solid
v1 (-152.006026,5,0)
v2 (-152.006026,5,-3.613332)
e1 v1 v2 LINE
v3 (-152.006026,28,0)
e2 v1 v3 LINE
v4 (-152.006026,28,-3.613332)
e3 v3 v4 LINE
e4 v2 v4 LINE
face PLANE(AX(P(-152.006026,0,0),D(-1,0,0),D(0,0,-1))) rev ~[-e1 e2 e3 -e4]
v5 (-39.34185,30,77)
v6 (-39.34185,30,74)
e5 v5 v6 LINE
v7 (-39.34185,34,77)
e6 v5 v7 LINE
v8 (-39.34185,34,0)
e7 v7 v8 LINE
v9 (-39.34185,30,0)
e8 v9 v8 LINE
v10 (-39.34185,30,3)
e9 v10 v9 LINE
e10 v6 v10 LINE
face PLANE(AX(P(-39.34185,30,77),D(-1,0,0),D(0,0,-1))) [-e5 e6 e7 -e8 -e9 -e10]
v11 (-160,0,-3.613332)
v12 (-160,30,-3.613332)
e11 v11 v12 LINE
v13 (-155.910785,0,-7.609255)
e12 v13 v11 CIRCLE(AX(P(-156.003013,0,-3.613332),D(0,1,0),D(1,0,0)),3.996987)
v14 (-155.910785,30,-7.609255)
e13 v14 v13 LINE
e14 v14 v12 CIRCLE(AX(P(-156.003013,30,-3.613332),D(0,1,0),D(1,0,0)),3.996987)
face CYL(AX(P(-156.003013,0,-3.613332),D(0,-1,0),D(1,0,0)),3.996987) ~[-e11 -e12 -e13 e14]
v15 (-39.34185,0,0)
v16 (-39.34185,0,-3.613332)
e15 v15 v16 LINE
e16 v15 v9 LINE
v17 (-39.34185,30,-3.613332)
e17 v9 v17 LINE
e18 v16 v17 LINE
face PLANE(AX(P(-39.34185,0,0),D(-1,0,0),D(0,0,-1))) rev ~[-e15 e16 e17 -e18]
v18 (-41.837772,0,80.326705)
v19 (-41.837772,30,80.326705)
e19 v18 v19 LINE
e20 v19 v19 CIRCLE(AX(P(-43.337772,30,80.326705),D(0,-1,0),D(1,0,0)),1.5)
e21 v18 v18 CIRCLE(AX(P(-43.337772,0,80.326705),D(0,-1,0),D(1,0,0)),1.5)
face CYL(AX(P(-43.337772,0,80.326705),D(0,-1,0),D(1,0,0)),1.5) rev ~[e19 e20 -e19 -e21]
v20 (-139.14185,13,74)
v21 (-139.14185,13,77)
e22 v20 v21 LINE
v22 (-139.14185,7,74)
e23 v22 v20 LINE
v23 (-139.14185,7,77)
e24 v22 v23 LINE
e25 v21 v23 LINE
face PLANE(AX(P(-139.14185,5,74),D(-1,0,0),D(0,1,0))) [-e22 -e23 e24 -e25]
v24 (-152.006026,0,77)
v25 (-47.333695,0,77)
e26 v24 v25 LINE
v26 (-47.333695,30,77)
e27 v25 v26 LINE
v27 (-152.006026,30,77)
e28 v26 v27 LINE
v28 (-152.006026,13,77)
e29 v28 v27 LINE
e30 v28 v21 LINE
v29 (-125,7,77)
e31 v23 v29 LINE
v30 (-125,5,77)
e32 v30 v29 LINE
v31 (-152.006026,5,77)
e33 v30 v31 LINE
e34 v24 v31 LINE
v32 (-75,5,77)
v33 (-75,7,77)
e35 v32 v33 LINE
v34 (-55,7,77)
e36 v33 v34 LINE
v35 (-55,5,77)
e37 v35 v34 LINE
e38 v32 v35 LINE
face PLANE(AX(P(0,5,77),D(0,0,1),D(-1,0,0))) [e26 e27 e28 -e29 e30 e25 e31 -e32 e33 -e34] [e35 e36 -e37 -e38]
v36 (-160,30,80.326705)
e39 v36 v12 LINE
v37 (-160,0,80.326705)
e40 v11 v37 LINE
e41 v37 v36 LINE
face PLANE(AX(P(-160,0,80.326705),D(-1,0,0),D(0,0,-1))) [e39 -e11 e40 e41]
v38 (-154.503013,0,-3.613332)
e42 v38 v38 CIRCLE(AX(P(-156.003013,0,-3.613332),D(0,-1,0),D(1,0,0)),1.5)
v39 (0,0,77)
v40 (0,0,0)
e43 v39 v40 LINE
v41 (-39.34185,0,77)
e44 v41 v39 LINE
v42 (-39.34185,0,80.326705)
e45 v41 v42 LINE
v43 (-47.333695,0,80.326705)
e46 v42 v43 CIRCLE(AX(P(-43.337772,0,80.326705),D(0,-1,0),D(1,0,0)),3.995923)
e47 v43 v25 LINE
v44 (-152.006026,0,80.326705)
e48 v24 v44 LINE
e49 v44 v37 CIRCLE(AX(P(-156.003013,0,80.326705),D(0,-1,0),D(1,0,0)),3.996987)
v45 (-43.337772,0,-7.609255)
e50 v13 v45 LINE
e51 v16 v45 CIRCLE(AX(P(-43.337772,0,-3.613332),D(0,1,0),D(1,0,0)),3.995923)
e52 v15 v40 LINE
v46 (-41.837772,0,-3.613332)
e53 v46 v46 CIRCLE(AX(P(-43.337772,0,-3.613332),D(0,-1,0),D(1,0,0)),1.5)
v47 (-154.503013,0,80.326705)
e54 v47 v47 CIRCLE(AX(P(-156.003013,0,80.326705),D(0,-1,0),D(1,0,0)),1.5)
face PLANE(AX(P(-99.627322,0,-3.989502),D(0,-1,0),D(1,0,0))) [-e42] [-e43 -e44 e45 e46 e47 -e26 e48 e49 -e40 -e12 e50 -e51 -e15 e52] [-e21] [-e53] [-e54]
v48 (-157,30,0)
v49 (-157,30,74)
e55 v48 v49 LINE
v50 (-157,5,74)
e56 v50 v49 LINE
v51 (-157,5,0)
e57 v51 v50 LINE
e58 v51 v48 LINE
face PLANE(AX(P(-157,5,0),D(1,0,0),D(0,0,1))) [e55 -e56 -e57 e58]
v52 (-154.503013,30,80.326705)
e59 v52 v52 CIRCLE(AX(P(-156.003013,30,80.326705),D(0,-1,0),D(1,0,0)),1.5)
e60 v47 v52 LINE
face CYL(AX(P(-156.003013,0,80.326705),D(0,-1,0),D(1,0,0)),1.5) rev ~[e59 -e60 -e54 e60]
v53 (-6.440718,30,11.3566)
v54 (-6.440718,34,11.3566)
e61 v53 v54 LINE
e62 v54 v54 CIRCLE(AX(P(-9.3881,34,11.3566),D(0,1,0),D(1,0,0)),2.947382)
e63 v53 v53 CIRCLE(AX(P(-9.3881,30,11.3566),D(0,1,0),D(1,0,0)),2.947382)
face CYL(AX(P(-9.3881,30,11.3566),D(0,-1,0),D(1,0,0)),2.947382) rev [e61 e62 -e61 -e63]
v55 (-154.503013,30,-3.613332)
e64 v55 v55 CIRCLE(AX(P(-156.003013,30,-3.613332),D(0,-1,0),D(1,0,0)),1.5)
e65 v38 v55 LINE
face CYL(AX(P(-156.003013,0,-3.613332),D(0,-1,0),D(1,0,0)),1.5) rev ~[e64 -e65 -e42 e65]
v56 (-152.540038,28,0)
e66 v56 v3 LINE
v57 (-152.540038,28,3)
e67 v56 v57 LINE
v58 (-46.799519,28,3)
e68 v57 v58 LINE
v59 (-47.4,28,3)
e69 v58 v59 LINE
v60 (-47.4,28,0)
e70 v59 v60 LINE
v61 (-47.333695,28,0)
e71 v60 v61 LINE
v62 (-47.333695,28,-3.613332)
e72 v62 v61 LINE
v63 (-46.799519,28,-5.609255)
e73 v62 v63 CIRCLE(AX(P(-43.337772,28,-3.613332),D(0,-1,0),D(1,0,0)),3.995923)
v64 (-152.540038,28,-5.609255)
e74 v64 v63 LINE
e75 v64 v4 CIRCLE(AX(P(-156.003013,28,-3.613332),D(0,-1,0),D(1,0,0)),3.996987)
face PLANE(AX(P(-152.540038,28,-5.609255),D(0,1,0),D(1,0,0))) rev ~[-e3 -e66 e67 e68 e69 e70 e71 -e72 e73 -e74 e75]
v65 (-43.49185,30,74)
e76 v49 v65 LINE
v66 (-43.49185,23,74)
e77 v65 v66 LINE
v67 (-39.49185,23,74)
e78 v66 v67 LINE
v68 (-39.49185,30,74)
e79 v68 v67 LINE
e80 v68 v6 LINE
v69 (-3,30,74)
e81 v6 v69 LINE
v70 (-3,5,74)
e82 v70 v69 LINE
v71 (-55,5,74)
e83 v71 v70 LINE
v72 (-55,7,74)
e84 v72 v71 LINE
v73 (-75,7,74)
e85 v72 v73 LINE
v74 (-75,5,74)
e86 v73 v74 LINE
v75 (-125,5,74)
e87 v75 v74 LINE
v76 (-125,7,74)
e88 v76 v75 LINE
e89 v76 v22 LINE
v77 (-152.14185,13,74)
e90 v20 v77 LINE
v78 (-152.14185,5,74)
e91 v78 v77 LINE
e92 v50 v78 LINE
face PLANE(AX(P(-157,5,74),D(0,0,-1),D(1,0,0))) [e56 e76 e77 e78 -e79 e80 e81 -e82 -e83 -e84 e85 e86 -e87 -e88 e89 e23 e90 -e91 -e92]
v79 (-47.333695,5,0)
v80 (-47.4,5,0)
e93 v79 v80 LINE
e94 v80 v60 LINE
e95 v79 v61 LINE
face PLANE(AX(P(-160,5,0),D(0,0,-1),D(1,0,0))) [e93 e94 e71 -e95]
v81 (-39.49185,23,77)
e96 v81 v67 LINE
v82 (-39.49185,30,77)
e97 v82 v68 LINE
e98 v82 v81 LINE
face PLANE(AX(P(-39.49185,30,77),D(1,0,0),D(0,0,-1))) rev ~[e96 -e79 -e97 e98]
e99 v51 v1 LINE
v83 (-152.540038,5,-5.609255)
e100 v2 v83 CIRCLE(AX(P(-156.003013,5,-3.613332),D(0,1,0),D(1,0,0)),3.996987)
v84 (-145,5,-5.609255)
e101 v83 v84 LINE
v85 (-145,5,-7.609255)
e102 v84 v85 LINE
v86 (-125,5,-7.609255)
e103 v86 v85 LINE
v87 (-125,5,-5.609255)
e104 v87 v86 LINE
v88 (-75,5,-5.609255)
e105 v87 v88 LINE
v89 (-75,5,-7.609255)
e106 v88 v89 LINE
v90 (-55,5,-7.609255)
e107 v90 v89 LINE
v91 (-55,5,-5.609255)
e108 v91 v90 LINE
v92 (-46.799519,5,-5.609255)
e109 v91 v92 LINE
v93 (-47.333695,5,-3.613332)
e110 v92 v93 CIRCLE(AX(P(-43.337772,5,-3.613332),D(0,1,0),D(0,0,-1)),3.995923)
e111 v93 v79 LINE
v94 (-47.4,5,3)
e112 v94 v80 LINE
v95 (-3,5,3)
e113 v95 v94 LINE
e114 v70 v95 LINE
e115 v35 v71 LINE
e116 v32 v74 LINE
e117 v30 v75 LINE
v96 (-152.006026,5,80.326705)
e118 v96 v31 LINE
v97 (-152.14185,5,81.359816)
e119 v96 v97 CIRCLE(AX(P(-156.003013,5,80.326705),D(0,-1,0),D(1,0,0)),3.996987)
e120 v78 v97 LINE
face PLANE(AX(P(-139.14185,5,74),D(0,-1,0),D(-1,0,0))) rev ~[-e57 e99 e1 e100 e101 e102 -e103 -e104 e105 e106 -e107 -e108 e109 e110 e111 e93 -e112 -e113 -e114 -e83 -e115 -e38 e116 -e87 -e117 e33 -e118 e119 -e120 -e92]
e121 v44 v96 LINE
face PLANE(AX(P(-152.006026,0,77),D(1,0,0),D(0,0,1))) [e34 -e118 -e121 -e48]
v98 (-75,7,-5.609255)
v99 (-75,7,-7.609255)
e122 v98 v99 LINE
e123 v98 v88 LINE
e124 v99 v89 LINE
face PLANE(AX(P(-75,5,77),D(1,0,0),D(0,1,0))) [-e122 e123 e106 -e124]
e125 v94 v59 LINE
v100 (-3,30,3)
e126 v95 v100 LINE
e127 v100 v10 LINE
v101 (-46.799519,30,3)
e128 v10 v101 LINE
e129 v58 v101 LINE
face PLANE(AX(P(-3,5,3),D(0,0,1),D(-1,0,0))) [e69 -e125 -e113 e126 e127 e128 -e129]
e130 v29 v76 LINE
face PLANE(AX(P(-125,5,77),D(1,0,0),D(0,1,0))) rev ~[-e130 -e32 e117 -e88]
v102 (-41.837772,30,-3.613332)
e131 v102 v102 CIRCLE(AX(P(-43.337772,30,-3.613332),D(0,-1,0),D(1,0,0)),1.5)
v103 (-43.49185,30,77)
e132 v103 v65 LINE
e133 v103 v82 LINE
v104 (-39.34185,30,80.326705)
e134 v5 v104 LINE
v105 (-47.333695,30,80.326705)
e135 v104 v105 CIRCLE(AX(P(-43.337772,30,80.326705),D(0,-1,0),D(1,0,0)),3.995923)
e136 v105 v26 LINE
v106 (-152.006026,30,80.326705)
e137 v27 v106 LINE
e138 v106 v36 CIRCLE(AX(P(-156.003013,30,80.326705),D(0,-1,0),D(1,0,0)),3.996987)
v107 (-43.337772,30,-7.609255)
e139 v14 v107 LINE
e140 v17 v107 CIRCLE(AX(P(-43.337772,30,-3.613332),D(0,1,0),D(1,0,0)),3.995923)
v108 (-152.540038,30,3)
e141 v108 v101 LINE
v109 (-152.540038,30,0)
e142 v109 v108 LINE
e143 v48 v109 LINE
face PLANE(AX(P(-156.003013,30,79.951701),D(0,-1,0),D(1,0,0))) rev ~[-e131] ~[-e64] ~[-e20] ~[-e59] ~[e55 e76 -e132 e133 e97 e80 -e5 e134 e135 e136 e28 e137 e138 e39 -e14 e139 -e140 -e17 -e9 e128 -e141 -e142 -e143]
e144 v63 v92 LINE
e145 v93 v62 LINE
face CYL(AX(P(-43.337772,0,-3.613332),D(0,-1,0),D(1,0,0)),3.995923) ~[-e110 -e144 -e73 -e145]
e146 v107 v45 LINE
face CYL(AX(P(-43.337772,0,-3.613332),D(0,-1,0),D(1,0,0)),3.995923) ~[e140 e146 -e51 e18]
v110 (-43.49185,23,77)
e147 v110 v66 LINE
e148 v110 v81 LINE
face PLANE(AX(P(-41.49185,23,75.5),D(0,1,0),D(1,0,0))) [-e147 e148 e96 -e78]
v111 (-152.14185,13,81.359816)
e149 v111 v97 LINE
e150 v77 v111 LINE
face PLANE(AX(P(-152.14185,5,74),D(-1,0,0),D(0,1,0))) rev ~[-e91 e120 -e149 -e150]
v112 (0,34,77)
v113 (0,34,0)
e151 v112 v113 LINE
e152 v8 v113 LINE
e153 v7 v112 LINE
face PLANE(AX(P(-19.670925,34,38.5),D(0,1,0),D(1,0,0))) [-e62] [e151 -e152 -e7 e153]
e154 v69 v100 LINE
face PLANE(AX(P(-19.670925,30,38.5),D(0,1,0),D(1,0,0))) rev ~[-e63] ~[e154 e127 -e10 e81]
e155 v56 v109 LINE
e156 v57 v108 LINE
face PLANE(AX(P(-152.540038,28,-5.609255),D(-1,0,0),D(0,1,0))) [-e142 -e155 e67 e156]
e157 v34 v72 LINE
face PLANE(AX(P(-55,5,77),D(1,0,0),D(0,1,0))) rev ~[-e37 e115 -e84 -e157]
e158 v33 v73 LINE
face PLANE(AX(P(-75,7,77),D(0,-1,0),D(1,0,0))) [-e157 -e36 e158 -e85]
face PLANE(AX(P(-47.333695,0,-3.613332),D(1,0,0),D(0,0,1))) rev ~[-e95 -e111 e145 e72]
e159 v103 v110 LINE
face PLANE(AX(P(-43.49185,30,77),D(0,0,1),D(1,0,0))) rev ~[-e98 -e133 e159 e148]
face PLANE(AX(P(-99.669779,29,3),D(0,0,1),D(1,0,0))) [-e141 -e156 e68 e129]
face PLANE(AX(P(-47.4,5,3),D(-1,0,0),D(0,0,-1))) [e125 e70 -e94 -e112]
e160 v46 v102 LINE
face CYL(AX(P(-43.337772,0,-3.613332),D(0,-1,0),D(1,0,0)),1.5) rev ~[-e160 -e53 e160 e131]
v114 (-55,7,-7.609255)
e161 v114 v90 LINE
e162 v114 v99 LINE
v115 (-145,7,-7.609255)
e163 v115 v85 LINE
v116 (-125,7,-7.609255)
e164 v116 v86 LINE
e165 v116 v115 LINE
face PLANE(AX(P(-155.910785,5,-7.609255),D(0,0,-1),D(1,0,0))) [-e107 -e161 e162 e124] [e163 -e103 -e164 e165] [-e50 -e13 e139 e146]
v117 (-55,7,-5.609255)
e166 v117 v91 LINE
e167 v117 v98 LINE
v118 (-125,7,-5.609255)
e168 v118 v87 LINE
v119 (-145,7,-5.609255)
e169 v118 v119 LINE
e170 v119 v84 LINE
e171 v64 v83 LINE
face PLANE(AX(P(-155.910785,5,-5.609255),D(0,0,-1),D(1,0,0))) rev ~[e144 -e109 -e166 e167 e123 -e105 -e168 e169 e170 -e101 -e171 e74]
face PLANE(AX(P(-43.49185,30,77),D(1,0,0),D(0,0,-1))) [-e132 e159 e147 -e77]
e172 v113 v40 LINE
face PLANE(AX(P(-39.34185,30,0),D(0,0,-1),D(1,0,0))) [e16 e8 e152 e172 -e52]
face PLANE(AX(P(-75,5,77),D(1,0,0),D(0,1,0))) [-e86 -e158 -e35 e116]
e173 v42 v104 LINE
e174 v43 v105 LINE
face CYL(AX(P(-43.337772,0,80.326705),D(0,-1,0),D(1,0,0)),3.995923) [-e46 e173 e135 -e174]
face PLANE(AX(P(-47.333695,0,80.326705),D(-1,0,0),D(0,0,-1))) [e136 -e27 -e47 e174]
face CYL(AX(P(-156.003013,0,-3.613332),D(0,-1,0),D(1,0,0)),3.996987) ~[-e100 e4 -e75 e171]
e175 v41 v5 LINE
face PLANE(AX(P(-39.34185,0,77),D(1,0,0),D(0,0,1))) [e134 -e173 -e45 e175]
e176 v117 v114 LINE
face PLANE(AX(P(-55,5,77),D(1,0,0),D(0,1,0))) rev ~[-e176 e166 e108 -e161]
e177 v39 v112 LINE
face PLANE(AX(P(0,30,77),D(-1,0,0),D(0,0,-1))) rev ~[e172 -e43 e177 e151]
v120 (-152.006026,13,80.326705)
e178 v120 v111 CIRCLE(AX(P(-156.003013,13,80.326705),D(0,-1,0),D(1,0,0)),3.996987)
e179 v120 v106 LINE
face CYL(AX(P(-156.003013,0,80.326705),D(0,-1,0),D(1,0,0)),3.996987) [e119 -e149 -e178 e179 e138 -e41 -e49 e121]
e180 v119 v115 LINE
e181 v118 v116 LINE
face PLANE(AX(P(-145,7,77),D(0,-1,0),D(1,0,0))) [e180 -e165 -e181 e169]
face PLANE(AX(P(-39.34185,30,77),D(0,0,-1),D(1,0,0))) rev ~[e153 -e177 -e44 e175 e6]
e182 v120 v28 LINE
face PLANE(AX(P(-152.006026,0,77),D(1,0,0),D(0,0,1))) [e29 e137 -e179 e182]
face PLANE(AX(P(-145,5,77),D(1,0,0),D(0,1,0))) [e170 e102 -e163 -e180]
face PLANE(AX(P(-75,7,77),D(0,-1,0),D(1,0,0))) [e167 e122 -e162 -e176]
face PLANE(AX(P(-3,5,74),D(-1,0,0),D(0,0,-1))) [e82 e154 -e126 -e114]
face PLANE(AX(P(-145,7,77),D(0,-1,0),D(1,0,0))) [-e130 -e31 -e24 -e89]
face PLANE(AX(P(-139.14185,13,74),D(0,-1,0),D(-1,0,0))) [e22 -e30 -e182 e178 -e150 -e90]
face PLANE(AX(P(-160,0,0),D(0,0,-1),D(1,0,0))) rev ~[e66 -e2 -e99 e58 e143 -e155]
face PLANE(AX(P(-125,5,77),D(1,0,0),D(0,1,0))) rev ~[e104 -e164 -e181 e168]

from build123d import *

# Parameters (mm, degrees)
SKETCH1_W           = 160
SKETCH1_H           = 77
BOSS_EXTRUDE1_DEPTH = 5
BOSS_EXTRUDE2_DEPTH = 25
SKETCH3_R           = 1.499999813
SKETCH3_R_2         = 1.5
BOSS_EXTRUDE3_DEPTH = 30
SKETCH5_W           = 39.3418497
SKETCH5_H           = 77
SKETCH5_R           = 2.947381685
BOSS_EXTRUDE5_DEPTH = 4
BOSS_EXTRUDE6_DEPTH = 5
SKETCH9_W           = 112.573012358
SKETCH9_H           = 2
BOSS_EXTRUDE7_DEPTH = 25
CUT_EXTRUDE2_START  = -74
SKETCH7_W           = 13
SKETCH7_H           = 8
CUT_EXTRUDE2_DEPTH  = 119
SKETCH6_W           = 20
SKETCH6_H           = 2
CUT_EXTRUDE1_DEPTH  = 179
SKETCH10_W          = 4
SKETCH10_H          = 3
CUT_EXTRUDE3_DEPTH  = 7
SKETCH11_W          = 105.740519207
SKETCH11_H          = 2
BOSS_EXTRUDE8_DEPTH = 8.609255


with BuildPart() as part:
    # Sketch1 → Boss-Extrude1 (new body)
    with BuildSketch(Plane(origin=(0, 0, 0), x_dir=(1, 0, 0), z_dir=(0, 1, 0))):
        with Locations((-80, -38.5)):
            Rectangle(SKETCH1_W, SKETCH1_H)
    extrude(amount=BOSS_EXTRUDE1_DEPTH)

    # Sketch2 → Boss-Extrude2 (add)
    with BuildSketch(Plane(origin=(0, 5, 0), x_dir=(1, 0, 0), z_dir=(0, 1, 0))):
        Polygon((-160, 0), (-157, 0), (-157, -74), (-3, -74), (-3, -3), (-47.4, -3), (-47.4, 0), (0, 0), (0, -77), (-160, -77), align=None)
    extrude(amount=BOSS_EXTRUDE2_DEPTH)

    # Sketch3 → Boss-Extrude3 (add)
    with BuildSketch(Plane.XZ):
        with BuildLine():
            Line((-160, 77), (-152.006026471, 77))
            Line((-152.006026471, 77), (-152.006026471, 80.326705))
            ThreePointArc((-152.006026471, 80.326705), (-156.003013236, 84.323691764), (-160, 80.326705))
            Line((-160, 80.326705), (-160, 77))
        make_face()
        with Locations((-156.003013236, 80.326705)):
            Circle(SKETCH3_R, mode=Mode.SUBTRACT)
        with BuildLine():
            Line((-47.333694812, 80.326705), (-47.333694812, 77))
            Line((-47.333694812, 77), (-39.3418497, 77))
            Line((-39.3418497, 77), (-39.3418497, 80.326705))
            ThreePointArc((-39.3418497, 80.326705), (-43.337772256, 84.322627556), (-47.333694812, 80.326705))
        make_face()
        with Locations((-43.337772256, 80.326705)):
            Circle(SKETCH3_R_2, mode=Mode.SUBTRACT)
        with BuildLine():
            Line((-160, 0), (-152.006026471, 0))
            Line((-152.006026471, 0), (-152.006026471, -3.613332))
            ThreePointArc((-152.006026471, -3.613332), (-156.003013236, -7.610318764), (-160, -3.613332))
            Line((-160, -3.613332), (-160, 0))
        make_face()
        with Locations((-156.003013236, -3.613332)):
            Circle(SKETCH3_R_2, mode=Mode.SUBTRACT)
        with BuildLine():
            Line((-47.333694812, -3.613332), (-47.333694812, 0))
            Line((-47.333694812, 0), (-39.3418497, 0))
            Line((-39.3418497, 0), (-39.3418497, -3.613332))
            ThreePointArc((-39.3418497, -3.613332), (-43.337772256, -7.609254556), (-47.333694812, -3.613332))
        make_face()
        with Locations((-43.337772256, -3.613332)):
            Circle(SKETCH3_R_2, mode=Mode.SUBTRACT)
    extrude(amount=-BOSS_EXTRUDE3_DEPTH)

    # Sketch5 → Boss-Extrude5 (add)
    with BuildSketch(Plane(origin=(0, 30, 0), x_dir=(1, 0, 0), z_dir=(0, 1, 0))):
        with Locations((-19.67092485, -38.5)):
            Rectangle(SKETCH5_W, SKETCH5_H)
        with Locations((-9.3881, -11.3566)):
            Circle(SKETCH5_R, mode=Mode.SUBTRACT)
    extrude(amount=BOSS_EXTRUDE5_DEPTH)

    # Sketch8 → Boss-Extrude6 (add)
    with BuildSketch(Plane.XZ):
        with BuildLine():
            ThreePointArc((-152.006026471, -3.613332), (-153.144295011, -6.4068304), (-155.910784614, -7.609254556))
            Line((-155.910784614, -7.609254556), (-43.337772256, -7.609254556))
            ThreePointArc((-43.337772256, -7.609254556), (-46.163316193, -6.438875937), (-47.333694812, -3.613332))
            Line((-47.333694812, -3.613332), (-47.333694812, 0))
            Line((-47.333694812, 0), (-152.006026471, 0))
            Line((-152.006026471, 0), (-152.006026471, -3.613332))
        make_face()
    extrude(amount=-BOSS_EXTRUDE6_DEPTH)

    # Sketch9 → Boss-Extrude7 (add)
    with BuildSketch(Plane(origin=(0, 5, 0), x_dir=(1, 0, 0), z_dir=(0, 1, 0))):
        with Locations((-99.624278435, 6.609254556)):
            Rectangle(SKETCH9_W, SKETCH9_H)
    extrude(amount=BOSS_EXTRUDE7_DEPTH)

    # Sketch7 → Cut-Extrude2 (cut)
    with BuildSketch(Plane(origin=(0, 0, 0), x_dir=(-1, 0, 0), z_dir=(0, 0, -1)).offset(CUT_EXTRUDE2_START)):
        with Locations((145.6418497, 9)):
            Rectangle(SKETCH7_W, SKETCH7_H)
    extrude(amount=-CUT_EXTRUDE2_DEPTH, mode=Mode.SUBTRACT)

    # Sketch6 → Cut-Extrude1 (cut)
    with BuildSketch(Plane.XY.offset(77)):
        with Locations((-135, 6)):
            Rectangle(SKETCH6_W, SKETCH6_H)
        with Locations((-65, 6)):
            Rectangle(SKETCH6_W, SKETCH6_H)
    extrude(amount=-CUT_EXTRUDE1_DEPTH, mode=Mode.SUBTRACT)

    # Sketch10 → Cut-Extrude3 (cut)
    with BuildSketch(Plane(origin=(0, 30, 0), x_dir=(1, 0, 0), z_dir=(0, 1, 0))):
        with Locations((-41.4918497, -75.5)):
            Rectangle(SKETCH10_W, SKETCH10_H)
    extrude(amount=-CUT_EXTRUDE3_DEPTH, mode=Mode.SUBTRACT)

    # Sketch11 → Boss-Extrude8 (add)
    with BuildSketch(Plane.XY.offset(-5.609254556)):
        with Locations((-99.669778561, 29)):
            Rectangle(SKETCH11_W, SKETCH11_H)
    extrude(amount=BOSS_EXTRUDE8_DEPTH)


solid = part.part
